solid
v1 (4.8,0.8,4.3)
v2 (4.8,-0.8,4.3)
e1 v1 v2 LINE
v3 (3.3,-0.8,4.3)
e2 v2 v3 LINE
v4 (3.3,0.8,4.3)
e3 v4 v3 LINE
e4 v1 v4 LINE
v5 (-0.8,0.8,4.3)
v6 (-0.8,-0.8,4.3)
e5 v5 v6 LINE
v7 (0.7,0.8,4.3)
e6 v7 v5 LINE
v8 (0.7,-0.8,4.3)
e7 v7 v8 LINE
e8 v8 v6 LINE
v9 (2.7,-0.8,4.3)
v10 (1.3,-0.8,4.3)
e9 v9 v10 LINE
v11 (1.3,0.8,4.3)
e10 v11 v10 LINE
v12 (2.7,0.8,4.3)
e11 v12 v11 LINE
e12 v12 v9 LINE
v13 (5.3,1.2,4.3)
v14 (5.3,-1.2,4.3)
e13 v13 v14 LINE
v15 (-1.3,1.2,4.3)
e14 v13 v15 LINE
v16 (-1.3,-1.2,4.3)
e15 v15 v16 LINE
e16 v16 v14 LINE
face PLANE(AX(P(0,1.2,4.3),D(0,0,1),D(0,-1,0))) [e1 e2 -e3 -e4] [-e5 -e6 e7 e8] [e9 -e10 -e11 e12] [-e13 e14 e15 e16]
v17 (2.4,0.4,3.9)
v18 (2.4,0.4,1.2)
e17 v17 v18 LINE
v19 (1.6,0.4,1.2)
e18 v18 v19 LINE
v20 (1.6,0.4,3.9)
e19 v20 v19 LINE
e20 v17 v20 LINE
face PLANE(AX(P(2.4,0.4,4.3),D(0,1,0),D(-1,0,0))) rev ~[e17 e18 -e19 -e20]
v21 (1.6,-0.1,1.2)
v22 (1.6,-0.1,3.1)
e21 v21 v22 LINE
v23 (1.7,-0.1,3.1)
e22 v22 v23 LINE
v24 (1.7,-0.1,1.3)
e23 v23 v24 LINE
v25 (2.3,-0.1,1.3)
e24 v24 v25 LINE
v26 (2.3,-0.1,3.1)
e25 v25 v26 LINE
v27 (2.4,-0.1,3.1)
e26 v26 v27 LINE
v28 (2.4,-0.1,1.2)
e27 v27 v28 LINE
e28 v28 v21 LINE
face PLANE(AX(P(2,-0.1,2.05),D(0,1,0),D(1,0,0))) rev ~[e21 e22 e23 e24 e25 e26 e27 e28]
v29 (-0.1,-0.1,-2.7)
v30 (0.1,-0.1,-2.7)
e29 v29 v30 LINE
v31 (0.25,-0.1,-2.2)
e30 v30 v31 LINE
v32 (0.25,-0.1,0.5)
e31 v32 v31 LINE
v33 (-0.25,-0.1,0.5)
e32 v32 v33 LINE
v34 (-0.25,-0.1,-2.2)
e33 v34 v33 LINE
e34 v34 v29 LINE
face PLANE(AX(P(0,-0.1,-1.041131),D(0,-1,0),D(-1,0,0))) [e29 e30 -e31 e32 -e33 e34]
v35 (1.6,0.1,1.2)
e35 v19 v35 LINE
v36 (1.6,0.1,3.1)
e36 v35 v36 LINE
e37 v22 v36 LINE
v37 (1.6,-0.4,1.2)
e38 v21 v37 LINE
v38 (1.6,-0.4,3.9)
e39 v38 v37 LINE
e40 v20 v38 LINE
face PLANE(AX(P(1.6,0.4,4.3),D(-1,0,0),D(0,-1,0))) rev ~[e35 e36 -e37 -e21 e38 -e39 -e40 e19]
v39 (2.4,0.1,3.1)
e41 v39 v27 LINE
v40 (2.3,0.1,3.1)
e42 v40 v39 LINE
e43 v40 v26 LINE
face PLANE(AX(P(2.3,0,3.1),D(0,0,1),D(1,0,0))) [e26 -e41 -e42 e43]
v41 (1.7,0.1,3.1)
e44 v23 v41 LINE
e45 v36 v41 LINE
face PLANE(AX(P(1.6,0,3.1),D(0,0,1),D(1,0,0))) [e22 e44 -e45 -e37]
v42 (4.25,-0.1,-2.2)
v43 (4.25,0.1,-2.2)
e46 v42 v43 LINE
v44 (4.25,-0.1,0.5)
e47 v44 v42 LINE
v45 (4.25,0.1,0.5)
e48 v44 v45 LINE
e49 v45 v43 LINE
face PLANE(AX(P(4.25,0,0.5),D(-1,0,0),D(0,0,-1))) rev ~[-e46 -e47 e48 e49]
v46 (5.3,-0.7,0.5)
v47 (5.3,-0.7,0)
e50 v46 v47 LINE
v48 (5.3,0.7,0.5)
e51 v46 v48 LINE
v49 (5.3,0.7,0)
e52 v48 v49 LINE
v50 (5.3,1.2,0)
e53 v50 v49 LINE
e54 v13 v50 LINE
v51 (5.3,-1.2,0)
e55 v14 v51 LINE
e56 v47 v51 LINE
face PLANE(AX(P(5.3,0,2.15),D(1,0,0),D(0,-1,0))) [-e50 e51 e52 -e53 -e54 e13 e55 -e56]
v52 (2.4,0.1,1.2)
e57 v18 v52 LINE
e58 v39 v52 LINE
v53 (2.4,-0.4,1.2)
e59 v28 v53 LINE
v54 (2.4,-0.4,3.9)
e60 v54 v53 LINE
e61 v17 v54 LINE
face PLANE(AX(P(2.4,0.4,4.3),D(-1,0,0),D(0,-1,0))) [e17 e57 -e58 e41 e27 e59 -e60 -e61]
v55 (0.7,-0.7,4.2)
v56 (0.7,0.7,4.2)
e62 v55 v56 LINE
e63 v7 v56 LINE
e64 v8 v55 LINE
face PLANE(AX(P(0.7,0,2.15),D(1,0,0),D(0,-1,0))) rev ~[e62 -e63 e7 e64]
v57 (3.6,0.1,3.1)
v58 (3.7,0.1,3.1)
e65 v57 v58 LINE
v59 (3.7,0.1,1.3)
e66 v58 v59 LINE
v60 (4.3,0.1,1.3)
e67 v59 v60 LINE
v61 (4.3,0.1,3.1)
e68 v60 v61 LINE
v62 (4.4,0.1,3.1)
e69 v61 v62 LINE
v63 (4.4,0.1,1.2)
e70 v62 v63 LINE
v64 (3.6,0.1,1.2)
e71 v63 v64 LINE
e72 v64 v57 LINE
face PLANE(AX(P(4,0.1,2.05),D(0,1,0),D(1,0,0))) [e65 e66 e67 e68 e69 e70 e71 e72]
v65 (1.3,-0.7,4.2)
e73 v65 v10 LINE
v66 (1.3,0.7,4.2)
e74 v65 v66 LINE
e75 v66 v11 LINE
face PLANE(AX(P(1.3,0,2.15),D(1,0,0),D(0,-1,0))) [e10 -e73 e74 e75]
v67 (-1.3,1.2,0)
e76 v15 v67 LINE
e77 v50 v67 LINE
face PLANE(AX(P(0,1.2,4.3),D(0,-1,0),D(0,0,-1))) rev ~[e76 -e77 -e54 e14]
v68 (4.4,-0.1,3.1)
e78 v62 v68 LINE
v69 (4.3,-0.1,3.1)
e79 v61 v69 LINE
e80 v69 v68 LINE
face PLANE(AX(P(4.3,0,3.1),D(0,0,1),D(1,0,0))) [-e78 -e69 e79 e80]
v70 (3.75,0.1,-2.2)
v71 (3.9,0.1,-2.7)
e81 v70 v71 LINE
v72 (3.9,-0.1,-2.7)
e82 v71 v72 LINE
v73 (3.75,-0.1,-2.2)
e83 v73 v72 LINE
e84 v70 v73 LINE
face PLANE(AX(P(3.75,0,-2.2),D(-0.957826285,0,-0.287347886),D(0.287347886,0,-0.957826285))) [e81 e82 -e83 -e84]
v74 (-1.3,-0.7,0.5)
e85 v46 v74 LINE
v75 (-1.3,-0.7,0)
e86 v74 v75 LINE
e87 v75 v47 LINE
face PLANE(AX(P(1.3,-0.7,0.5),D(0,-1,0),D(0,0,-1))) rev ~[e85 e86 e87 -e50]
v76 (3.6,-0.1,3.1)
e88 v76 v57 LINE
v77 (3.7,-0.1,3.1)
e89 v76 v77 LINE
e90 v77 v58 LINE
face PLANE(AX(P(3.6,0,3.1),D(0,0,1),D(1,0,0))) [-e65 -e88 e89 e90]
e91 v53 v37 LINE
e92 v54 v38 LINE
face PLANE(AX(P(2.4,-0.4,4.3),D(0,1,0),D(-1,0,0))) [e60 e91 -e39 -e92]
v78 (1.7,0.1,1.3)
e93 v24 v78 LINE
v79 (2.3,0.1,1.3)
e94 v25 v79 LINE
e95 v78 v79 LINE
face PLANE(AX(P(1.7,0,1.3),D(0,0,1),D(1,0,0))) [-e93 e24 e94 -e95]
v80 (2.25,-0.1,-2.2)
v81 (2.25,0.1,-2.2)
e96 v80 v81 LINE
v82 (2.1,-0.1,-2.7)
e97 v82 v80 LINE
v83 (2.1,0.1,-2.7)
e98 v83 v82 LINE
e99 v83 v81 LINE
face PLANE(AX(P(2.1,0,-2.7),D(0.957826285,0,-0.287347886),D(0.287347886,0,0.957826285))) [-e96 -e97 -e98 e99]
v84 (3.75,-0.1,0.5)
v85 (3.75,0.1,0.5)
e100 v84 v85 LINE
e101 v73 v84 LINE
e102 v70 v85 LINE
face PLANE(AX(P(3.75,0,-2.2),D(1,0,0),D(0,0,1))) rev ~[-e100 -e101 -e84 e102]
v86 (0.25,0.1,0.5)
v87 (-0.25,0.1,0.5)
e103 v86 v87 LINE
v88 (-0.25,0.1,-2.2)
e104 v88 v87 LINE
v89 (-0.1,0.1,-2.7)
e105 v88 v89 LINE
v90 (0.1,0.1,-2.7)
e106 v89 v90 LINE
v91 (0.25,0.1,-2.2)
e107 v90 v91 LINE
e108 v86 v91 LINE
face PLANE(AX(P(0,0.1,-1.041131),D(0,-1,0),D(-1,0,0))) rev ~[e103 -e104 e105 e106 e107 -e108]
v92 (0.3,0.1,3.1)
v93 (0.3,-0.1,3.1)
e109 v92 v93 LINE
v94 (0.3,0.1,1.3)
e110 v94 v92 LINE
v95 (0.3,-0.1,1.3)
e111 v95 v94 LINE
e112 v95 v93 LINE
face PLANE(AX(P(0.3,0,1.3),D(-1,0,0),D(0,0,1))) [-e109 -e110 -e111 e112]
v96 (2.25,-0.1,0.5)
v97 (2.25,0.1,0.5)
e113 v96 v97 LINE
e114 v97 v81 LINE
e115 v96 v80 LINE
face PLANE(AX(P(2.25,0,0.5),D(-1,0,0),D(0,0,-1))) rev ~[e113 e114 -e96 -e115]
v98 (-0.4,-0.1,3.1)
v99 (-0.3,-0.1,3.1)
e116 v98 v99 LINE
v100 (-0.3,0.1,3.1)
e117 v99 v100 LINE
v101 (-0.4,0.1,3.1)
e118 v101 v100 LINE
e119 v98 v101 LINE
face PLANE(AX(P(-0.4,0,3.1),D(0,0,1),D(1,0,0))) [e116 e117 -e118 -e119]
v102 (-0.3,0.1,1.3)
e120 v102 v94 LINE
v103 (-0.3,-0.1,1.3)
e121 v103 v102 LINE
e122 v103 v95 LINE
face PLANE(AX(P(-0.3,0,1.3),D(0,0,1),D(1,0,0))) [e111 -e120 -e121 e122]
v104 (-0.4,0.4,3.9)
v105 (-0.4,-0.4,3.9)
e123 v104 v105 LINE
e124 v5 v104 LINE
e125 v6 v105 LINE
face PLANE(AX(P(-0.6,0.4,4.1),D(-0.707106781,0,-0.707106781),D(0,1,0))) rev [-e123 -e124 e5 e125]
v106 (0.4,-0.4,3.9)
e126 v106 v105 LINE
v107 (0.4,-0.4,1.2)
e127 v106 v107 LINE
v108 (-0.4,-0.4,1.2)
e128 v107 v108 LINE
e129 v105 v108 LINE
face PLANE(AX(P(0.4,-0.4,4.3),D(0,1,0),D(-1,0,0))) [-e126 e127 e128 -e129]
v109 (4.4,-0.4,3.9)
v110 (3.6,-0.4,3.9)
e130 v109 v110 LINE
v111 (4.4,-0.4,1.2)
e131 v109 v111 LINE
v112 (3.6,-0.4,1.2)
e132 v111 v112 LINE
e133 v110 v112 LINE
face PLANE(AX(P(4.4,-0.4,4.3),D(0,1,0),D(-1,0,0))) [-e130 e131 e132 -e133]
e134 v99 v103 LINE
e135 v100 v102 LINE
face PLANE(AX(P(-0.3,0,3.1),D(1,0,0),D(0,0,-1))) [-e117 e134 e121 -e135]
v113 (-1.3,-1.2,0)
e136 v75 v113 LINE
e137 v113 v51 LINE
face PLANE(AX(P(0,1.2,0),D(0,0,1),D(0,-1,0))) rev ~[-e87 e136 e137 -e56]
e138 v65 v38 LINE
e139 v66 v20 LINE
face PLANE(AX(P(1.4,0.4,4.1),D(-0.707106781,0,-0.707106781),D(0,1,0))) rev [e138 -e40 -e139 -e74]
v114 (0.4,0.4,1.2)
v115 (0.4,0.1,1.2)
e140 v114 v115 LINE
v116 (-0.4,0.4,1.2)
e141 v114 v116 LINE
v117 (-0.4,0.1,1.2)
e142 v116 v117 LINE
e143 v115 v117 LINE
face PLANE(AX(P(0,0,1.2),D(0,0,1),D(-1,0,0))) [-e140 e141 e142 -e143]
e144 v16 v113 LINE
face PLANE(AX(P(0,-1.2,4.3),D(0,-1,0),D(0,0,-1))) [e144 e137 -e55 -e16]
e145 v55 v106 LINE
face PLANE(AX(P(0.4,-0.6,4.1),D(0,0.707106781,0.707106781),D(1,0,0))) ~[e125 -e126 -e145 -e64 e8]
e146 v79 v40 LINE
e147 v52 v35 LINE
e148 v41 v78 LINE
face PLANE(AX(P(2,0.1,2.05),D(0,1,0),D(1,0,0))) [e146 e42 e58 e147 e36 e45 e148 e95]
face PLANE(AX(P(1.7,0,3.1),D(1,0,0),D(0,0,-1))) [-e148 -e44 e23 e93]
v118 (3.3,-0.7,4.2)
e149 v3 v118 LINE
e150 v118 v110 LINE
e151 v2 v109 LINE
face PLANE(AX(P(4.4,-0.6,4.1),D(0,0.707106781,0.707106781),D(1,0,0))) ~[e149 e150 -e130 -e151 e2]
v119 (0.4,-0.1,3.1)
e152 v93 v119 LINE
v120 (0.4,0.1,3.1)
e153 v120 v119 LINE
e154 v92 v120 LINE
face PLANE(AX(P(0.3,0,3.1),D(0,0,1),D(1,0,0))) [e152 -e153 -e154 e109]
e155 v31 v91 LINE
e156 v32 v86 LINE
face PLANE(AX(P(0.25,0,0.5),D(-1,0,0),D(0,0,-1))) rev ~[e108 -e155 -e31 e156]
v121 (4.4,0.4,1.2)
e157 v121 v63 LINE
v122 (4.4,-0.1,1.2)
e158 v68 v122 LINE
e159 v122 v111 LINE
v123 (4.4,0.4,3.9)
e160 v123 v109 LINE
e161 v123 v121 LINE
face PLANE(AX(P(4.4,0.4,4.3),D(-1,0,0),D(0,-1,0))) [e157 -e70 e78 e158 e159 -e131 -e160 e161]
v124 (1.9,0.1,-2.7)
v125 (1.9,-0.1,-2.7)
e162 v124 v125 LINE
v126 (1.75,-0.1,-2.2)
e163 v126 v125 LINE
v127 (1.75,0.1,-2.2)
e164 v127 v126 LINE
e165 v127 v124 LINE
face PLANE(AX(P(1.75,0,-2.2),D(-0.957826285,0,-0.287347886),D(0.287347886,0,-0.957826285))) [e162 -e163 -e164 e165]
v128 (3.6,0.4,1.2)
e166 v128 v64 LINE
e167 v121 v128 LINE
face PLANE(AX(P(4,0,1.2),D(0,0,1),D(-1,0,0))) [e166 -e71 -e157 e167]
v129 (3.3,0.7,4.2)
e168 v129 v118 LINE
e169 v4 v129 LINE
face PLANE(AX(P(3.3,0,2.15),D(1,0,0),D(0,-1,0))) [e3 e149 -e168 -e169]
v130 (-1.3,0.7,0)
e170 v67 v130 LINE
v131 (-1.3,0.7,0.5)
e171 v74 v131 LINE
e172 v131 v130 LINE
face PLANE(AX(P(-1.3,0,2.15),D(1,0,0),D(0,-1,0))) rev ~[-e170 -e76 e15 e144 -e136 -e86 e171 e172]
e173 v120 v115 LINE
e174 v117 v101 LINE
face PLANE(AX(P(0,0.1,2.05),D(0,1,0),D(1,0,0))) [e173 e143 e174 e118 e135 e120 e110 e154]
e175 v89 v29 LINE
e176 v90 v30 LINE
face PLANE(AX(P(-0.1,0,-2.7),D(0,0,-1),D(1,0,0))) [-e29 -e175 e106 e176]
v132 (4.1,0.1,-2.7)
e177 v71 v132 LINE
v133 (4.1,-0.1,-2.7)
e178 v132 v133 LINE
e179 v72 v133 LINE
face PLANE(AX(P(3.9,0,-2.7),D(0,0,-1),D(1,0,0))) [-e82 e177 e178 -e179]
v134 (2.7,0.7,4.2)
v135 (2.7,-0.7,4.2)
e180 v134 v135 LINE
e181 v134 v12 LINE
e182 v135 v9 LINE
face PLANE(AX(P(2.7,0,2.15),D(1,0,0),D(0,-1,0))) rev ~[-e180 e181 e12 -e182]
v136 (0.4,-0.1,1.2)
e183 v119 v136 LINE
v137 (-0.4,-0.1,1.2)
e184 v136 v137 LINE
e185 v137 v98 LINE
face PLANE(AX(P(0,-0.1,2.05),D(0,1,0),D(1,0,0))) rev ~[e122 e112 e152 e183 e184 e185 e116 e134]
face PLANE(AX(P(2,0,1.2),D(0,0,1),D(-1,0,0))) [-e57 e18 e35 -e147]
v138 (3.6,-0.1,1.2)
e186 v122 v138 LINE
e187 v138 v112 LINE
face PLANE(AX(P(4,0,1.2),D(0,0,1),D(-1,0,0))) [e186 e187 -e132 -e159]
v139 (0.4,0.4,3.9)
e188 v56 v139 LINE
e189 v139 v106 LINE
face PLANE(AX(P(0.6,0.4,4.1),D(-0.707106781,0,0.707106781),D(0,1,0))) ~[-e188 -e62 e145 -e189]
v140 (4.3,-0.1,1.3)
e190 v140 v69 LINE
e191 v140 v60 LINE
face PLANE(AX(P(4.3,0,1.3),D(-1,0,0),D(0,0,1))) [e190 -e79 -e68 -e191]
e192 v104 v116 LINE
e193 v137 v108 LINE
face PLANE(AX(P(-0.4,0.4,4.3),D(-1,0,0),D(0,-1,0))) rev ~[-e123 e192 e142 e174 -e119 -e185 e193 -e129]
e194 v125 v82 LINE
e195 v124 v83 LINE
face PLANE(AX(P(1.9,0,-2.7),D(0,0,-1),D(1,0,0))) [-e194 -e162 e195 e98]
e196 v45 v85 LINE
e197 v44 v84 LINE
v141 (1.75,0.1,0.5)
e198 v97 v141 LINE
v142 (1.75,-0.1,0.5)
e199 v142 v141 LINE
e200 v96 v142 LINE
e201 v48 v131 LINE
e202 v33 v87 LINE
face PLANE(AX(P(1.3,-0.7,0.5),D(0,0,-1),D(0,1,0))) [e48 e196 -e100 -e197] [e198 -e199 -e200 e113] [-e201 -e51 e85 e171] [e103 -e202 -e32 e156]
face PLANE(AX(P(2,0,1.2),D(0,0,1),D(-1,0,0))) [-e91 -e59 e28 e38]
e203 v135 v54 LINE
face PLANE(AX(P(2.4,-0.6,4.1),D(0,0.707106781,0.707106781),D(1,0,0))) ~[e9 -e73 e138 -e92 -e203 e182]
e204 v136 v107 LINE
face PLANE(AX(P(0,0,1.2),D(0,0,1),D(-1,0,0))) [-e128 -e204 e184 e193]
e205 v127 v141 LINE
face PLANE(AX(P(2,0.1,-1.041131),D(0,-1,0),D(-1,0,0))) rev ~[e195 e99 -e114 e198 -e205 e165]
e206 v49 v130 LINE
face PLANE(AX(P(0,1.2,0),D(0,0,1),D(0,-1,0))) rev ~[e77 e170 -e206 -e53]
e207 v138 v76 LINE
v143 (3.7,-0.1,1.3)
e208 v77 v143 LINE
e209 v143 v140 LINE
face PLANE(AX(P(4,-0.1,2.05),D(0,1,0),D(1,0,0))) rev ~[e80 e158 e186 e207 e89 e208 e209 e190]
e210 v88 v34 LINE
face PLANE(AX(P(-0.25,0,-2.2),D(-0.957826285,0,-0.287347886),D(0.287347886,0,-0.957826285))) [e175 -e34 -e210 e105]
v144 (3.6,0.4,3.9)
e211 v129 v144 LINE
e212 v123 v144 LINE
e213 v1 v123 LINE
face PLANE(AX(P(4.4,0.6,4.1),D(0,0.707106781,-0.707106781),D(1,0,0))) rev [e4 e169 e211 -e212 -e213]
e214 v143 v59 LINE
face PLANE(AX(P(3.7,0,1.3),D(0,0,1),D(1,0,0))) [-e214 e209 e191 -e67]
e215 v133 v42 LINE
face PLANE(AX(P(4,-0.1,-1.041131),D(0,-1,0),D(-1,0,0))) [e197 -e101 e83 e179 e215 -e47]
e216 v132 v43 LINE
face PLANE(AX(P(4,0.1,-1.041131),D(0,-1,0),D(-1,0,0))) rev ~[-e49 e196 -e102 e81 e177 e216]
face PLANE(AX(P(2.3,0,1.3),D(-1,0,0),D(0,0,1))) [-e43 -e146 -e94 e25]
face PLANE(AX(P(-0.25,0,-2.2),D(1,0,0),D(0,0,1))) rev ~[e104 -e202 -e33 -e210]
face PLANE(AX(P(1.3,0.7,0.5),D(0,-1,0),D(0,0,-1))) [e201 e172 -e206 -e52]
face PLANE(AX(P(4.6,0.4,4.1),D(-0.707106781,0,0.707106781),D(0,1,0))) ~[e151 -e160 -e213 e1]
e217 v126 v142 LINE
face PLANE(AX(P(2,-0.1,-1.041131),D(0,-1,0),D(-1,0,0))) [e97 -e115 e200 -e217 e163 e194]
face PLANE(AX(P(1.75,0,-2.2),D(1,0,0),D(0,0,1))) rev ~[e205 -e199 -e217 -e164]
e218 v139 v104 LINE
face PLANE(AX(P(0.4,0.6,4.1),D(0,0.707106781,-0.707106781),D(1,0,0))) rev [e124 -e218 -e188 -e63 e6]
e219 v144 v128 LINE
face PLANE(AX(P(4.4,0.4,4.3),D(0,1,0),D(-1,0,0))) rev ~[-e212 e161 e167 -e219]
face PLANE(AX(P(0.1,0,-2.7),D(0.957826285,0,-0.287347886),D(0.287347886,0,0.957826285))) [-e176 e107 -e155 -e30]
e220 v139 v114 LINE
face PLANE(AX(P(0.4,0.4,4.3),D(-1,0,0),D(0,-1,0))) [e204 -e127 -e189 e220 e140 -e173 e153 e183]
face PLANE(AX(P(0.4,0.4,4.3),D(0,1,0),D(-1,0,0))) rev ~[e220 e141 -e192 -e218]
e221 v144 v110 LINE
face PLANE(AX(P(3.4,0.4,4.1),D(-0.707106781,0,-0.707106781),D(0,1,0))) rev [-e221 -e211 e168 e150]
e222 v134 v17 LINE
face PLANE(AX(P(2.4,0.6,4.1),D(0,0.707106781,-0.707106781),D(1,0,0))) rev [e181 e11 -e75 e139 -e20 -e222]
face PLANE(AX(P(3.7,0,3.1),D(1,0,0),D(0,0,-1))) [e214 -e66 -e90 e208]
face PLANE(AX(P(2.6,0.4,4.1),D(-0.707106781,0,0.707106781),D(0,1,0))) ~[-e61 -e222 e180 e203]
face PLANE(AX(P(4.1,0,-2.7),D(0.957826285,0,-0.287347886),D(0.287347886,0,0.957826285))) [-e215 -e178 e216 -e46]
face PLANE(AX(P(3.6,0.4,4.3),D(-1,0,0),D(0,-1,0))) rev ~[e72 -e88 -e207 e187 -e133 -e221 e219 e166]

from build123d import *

# Parameters (mm, degrees)
SKETCH1_W           = 2.4
SKETCH1_H           = 4.3
BOSS_EXTRUDE1_DEPTH = 1.3
SKETCH_1_W          = 0.5
SKETCH_1_H          = 1.4
CUT_EXTRUDE_1_DEPTH = 6.166236541
SKETCH2_W           = 0.8
SKETCH2_H           = 0.8
CUT_EXTRUDE1_DEPTH  = 3.1
CHAMFER_1_SIZE      = 0.4
BOSS_EXTRUDE2_DEPTH = 0.1
LPATTERN1_COUNT     = 3
LPATTERN1_PITCH     = 2


with BuildPart() as part:
    # Sketch1 → Boss-Extrude1 (new, symmetric)
    with BuildSketch(Plane(origin=(0, 0, 0), x_dir=(0, -1, 0), z_dir=(1, 0, 0))):
        with Locations((0, -2.15)):
            Rectangle(SKETCH1_W, SKETCH1_H)
    extrude(amount=BOSS_EXTRUDE1_DEPTH, both=True)

    # Эскиз1 → Вырез-Вытянуть1 (cut, through all)
    with BuildSketch(Plane(origin=(1.3, 0, 0), x_dir=(0, 0, -1), z_dir=(1, 0, 0))):
        with Locations((-0.25, 0)):
            Rectangle(SKETCH_1_W, SKETCH_1_H)
    extrude(amount=-CUT_EXTRUDE_1_DEPTH, mode=Mode.SUBTRACT)

    # Sketch2 → Cut-Extrude1 (cut)
    with BuildSketch(Plane(origin=(0, 0, 4.3), x_dir=(-1, 0, 0), z_dir=(0, 0, 1))):
        Rectangle(SKETCH2_W, SKETCH2_H)
    extrude(amount=-CUT_EXTRUDE1_DEPTH, mode=Mode.SUBTRACT)

    # Фаска1
    chamfer_1_edges = [part.edges().sort_by_distance(p)[0] for p in [
        (-0.4, 0, 4.3),
        (0, -0.4, 4.3),
        (0.4, 0, 4.3),
        (0, 0.4, 4.3),
    ]]
    chamfer(chamfer_1_edges, length=CHAMFER_1_SIZE)

    # Sketch3 → Boss-Extrude2 (add, symmetric)
    with BuildSketch(Plane(origin=(0, 0, 0), x_dir=(1, 0, 0), z_dir=(0, 1, 0))):
        Polygon((-0.25, 0), (-0.25, 2.2), (-0.1, 2.7), (0.1, 2.7), (0.25, 2.2), (0.25, 0), (0.25, -0.5), (-0.25, -0.5), align=None)
        Polygon((0.4, -1.2), (-0.4, -1.2), (-0.4, -3.1), (-0.3, -3.1), (-0.3, -1.3), (0.3, -1.3), (0.3, -3.1), (0.4, -3.1), align=None)
    extrude(amount=BOSS_EXTRUDE2_DEPTH, both=True)


with BuildPart() as lpattern1_1:
    # LPattern1: pattern copy
    add(part.part.moved(Location(Vector(1, 0, 0) * (1 * LPATTERN1_PITCH))))


with BuildPart() as lpattern1_2:
    # LPattern1: pattern copy
    add(part.part.moved(Location(Vector(1, 0, 0) * (2 * LPATTERN1_PITCH))))


with BuildPart() as lpattern1_1_1:
    add(lpattern1_1.part)

    # Combine 1: union part, LPattern1_2
    add(part.part)
    add(lpattern1_2.part)


solid = lpattern1_1_1.part
